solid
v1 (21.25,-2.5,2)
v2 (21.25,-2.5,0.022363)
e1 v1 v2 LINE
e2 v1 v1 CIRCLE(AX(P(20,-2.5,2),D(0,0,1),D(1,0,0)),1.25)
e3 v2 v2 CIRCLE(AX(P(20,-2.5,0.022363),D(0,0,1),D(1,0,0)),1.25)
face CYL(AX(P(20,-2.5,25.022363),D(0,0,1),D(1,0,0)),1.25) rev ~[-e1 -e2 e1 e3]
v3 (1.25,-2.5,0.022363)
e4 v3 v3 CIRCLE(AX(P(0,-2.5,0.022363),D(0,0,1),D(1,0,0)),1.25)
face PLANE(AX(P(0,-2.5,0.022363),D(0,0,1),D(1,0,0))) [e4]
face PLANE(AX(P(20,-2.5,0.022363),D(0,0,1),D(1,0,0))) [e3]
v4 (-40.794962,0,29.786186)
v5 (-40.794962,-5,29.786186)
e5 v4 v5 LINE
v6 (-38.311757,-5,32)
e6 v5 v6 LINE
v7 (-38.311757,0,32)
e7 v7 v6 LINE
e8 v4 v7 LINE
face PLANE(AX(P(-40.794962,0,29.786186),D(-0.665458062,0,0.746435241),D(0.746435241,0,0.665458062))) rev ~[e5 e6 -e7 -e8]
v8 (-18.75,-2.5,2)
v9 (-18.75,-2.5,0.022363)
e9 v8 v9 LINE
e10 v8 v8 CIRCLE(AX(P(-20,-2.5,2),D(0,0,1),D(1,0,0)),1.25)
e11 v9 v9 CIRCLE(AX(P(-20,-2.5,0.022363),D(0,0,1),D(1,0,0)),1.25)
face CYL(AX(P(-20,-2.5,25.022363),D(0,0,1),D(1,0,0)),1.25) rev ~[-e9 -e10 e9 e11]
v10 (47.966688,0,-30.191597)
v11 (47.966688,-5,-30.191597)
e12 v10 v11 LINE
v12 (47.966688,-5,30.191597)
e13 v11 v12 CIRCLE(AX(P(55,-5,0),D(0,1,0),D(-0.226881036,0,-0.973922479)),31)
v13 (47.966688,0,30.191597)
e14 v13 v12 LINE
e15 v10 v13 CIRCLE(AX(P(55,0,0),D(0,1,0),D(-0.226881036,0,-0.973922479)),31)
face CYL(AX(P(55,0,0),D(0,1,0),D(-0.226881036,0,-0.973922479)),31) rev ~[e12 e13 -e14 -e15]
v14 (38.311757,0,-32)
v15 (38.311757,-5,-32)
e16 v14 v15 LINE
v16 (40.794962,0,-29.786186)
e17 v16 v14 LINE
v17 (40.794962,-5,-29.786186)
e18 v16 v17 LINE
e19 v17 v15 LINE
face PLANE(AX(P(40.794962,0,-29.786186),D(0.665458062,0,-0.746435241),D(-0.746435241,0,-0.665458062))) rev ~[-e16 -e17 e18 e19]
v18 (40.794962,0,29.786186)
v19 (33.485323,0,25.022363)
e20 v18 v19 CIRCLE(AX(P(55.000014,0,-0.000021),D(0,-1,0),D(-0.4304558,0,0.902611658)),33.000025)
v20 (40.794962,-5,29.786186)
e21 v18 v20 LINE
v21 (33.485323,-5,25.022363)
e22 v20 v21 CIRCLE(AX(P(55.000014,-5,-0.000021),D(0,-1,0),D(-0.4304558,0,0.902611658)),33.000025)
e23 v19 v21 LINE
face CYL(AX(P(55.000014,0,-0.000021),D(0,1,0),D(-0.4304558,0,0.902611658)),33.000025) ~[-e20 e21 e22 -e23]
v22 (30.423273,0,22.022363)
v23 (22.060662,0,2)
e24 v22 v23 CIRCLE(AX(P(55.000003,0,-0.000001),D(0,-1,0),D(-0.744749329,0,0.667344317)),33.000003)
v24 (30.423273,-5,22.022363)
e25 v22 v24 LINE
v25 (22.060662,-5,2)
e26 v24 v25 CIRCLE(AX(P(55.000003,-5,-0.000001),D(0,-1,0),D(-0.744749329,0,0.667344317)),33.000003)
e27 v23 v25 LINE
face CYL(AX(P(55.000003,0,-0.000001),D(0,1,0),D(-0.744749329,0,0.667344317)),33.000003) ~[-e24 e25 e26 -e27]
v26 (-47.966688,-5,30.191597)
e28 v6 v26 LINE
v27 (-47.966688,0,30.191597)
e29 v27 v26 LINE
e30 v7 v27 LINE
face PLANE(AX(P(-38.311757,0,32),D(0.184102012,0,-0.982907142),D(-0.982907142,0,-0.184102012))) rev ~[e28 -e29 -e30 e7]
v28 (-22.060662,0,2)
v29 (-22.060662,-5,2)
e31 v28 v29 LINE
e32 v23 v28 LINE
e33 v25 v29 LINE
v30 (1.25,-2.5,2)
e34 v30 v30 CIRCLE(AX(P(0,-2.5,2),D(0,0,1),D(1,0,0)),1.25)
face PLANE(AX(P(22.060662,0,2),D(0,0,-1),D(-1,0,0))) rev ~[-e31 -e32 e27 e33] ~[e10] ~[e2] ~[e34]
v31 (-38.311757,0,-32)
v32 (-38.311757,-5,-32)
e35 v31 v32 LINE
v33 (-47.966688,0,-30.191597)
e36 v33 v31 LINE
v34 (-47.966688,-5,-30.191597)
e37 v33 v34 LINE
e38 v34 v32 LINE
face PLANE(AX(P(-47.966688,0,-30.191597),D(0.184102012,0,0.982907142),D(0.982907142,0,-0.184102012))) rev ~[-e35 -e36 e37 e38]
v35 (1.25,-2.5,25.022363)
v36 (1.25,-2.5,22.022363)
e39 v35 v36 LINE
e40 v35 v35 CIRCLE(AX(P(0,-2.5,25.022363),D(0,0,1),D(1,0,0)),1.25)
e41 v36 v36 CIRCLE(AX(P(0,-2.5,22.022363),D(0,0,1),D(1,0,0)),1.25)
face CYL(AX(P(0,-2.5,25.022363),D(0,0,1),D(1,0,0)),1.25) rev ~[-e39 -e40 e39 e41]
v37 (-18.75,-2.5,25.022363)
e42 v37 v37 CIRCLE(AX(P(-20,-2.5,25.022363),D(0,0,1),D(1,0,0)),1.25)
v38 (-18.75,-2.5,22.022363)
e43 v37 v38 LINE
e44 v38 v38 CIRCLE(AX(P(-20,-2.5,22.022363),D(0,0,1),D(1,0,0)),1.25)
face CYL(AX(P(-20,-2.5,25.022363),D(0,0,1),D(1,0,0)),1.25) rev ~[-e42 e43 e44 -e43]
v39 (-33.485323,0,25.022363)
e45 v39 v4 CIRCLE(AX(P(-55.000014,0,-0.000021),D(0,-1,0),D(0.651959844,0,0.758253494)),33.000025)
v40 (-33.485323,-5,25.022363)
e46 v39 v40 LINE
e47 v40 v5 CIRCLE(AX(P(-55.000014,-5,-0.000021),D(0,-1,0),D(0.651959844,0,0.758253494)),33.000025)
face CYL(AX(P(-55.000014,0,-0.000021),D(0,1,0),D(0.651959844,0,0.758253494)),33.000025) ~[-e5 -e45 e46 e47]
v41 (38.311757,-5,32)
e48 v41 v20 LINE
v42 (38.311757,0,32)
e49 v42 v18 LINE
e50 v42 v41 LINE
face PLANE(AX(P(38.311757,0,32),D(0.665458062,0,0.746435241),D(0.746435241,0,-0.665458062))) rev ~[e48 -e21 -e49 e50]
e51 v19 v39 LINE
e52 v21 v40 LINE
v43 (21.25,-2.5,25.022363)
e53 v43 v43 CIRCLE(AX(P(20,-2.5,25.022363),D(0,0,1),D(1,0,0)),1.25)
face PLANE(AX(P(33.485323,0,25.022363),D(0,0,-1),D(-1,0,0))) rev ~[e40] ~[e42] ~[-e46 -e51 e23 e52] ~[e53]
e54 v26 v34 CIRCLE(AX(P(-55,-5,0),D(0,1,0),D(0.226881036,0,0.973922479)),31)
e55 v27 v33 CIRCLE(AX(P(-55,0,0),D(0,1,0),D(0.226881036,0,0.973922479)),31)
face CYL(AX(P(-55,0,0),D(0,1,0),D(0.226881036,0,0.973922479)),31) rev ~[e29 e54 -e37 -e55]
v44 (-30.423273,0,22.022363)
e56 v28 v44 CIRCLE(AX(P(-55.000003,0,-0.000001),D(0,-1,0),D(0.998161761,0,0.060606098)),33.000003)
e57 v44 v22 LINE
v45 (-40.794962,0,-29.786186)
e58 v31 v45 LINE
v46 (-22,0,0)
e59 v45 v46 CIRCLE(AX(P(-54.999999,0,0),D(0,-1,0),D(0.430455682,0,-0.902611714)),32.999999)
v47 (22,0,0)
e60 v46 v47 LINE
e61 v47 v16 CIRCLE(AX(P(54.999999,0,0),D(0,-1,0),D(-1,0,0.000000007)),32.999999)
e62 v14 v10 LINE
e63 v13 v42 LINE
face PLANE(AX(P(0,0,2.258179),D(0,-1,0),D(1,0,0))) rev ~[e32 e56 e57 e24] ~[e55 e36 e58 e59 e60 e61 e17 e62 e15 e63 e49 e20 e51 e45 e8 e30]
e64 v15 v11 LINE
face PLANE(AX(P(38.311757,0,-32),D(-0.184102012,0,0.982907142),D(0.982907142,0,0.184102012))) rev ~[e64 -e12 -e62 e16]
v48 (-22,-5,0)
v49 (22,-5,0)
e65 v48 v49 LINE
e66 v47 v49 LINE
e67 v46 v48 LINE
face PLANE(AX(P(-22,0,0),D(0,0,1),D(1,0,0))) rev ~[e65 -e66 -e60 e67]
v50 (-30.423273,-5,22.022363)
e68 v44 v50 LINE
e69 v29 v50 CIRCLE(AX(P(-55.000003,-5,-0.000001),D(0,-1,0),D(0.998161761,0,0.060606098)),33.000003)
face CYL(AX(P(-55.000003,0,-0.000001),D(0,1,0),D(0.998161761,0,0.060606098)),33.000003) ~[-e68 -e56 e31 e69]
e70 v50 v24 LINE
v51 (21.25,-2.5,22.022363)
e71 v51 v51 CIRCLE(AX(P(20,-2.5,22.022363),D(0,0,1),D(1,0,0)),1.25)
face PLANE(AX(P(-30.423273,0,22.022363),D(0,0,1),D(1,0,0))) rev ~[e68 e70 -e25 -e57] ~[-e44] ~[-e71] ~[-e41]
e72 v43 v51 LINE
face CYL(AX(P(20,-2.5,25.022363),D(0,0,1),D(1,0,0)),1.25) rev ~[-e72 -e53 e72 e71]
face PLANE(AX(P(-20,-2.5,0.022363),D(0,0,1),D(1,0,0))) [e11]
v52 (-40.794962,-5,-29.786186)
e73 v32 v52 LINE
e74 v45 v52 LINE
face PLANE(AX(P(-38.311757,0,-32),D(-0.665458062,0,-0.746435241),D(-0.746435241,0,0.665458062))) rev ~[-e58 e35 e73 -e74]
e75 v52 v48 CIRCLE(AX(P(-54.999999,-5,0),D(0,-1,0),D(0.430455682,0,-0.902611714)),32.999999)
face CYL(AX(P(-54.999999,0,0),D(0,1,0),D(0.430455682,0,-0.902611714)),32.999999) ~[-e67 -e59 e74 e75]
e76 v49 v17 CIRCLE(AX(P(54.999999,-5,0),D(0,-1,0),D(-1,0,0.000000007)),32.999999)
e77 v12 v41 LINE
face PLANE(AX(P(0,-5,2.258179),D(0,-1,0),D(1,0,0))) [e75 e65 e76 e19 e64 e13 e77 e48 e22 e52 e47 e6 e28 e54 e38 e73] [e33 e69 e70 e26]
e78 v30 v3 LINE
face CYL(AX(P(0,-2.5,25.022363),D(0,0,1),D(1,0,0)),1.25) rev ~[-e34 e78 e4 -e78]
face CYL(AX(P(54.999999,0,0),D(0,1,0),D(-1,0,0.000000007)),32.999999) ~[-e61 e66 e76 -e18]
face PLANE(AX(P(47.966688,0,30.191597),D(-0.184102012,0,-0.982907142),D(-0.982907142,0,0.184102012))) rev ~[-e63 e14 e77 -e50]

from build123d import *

# Parameters (mm, degrees)
F1_DEPTH = 5
F2_R     = 1.25
F3_DEPTH = 25


with BuildPart() as f1:
    # F0 (on Front) → F1 (new body)
    with BuildSketch(Plane.XZ):
        with BuildLine():
            ThreePointArc((-47.966688, 30.191597), (-24, 0), (-47.966688, -30.191597))
            Line((-47.966688, -30.191597), (-38.311757, -32))
            Line((-38.311757, -32), (-40.794962, -29.786186))
            ThreePointArc((-40.794962, -29.786186), (-27.091522, -17.610135), (-22, 0))
            Line((-22, 0), (0, 0))
            Line((0, 0), (22, 0))
            ThreePointArc((22, 0), (27.091522, -17.610135), (40.794962, -29.786186))
            Line((40.794962, -29.786186), (38.311757, -32))
            Line((38.311757, -32), (47.966688, -30.191597))
            ThreePointArc((47.966688, -30.191597), (24, 0), (47.966688, 30.191597))
            Line((47.966688, 30.191597), (38.311757, 32))
            Line((38.311757, 32), (40.794962, 29.786186))
            ThreePointArc((40.794962, 29.786186), (36.982009, 27.646916), (33.485323, 25.022363))
            Line((33.485323, 25.022363), (0, 25.022363))
            Line((0, 25.022363), (-33.485323, 25.022363))
            ThreePointArc((-33.485323, 25.022363), (-36.982009, 27.646916), (-40.794962, 29.786186))
            Line((-40.794962, 29.786186), (-38.311757, 32))
            Line((-38.311757, 32), (-47.966688, 30.191597))
        make_face()
        with BuildLine():
            Line((-30.423273, 22.022363), (0, 22.022363))
            Line((0, 22.022363), (30.423273, 22.022363))
            ThreePointArc((30.423273, 22.022363), (24.54925, 12.718168), (22.060662, 2))
            Line((22.060662, 2), (0, 2))
            Line((0, 2), (-22.060662, 2))
            ThreePointArc((-22.060662, 2), (-24.54925, 12.718168), (-30.423273, 22.022363))
        make_face(mode=Mode.SUBTRACT)
    extrude(amount=F1_DEPTH)

    # F2 (on face) → F3 (cut)
    with BuildSketch(Plane.XY.offset(25.022363)):
        with Locations((-20, -2.5)):
            Circle(F2_R)
        with Locations((0, -2.5)):
            Circle(F2_R)
        with Locations((20, -2.5)):
            Circle(F2_R)
    extrude(amount=-F3_DEPTH, mode=Mode.SUBTRACT)


solid = f1.part
